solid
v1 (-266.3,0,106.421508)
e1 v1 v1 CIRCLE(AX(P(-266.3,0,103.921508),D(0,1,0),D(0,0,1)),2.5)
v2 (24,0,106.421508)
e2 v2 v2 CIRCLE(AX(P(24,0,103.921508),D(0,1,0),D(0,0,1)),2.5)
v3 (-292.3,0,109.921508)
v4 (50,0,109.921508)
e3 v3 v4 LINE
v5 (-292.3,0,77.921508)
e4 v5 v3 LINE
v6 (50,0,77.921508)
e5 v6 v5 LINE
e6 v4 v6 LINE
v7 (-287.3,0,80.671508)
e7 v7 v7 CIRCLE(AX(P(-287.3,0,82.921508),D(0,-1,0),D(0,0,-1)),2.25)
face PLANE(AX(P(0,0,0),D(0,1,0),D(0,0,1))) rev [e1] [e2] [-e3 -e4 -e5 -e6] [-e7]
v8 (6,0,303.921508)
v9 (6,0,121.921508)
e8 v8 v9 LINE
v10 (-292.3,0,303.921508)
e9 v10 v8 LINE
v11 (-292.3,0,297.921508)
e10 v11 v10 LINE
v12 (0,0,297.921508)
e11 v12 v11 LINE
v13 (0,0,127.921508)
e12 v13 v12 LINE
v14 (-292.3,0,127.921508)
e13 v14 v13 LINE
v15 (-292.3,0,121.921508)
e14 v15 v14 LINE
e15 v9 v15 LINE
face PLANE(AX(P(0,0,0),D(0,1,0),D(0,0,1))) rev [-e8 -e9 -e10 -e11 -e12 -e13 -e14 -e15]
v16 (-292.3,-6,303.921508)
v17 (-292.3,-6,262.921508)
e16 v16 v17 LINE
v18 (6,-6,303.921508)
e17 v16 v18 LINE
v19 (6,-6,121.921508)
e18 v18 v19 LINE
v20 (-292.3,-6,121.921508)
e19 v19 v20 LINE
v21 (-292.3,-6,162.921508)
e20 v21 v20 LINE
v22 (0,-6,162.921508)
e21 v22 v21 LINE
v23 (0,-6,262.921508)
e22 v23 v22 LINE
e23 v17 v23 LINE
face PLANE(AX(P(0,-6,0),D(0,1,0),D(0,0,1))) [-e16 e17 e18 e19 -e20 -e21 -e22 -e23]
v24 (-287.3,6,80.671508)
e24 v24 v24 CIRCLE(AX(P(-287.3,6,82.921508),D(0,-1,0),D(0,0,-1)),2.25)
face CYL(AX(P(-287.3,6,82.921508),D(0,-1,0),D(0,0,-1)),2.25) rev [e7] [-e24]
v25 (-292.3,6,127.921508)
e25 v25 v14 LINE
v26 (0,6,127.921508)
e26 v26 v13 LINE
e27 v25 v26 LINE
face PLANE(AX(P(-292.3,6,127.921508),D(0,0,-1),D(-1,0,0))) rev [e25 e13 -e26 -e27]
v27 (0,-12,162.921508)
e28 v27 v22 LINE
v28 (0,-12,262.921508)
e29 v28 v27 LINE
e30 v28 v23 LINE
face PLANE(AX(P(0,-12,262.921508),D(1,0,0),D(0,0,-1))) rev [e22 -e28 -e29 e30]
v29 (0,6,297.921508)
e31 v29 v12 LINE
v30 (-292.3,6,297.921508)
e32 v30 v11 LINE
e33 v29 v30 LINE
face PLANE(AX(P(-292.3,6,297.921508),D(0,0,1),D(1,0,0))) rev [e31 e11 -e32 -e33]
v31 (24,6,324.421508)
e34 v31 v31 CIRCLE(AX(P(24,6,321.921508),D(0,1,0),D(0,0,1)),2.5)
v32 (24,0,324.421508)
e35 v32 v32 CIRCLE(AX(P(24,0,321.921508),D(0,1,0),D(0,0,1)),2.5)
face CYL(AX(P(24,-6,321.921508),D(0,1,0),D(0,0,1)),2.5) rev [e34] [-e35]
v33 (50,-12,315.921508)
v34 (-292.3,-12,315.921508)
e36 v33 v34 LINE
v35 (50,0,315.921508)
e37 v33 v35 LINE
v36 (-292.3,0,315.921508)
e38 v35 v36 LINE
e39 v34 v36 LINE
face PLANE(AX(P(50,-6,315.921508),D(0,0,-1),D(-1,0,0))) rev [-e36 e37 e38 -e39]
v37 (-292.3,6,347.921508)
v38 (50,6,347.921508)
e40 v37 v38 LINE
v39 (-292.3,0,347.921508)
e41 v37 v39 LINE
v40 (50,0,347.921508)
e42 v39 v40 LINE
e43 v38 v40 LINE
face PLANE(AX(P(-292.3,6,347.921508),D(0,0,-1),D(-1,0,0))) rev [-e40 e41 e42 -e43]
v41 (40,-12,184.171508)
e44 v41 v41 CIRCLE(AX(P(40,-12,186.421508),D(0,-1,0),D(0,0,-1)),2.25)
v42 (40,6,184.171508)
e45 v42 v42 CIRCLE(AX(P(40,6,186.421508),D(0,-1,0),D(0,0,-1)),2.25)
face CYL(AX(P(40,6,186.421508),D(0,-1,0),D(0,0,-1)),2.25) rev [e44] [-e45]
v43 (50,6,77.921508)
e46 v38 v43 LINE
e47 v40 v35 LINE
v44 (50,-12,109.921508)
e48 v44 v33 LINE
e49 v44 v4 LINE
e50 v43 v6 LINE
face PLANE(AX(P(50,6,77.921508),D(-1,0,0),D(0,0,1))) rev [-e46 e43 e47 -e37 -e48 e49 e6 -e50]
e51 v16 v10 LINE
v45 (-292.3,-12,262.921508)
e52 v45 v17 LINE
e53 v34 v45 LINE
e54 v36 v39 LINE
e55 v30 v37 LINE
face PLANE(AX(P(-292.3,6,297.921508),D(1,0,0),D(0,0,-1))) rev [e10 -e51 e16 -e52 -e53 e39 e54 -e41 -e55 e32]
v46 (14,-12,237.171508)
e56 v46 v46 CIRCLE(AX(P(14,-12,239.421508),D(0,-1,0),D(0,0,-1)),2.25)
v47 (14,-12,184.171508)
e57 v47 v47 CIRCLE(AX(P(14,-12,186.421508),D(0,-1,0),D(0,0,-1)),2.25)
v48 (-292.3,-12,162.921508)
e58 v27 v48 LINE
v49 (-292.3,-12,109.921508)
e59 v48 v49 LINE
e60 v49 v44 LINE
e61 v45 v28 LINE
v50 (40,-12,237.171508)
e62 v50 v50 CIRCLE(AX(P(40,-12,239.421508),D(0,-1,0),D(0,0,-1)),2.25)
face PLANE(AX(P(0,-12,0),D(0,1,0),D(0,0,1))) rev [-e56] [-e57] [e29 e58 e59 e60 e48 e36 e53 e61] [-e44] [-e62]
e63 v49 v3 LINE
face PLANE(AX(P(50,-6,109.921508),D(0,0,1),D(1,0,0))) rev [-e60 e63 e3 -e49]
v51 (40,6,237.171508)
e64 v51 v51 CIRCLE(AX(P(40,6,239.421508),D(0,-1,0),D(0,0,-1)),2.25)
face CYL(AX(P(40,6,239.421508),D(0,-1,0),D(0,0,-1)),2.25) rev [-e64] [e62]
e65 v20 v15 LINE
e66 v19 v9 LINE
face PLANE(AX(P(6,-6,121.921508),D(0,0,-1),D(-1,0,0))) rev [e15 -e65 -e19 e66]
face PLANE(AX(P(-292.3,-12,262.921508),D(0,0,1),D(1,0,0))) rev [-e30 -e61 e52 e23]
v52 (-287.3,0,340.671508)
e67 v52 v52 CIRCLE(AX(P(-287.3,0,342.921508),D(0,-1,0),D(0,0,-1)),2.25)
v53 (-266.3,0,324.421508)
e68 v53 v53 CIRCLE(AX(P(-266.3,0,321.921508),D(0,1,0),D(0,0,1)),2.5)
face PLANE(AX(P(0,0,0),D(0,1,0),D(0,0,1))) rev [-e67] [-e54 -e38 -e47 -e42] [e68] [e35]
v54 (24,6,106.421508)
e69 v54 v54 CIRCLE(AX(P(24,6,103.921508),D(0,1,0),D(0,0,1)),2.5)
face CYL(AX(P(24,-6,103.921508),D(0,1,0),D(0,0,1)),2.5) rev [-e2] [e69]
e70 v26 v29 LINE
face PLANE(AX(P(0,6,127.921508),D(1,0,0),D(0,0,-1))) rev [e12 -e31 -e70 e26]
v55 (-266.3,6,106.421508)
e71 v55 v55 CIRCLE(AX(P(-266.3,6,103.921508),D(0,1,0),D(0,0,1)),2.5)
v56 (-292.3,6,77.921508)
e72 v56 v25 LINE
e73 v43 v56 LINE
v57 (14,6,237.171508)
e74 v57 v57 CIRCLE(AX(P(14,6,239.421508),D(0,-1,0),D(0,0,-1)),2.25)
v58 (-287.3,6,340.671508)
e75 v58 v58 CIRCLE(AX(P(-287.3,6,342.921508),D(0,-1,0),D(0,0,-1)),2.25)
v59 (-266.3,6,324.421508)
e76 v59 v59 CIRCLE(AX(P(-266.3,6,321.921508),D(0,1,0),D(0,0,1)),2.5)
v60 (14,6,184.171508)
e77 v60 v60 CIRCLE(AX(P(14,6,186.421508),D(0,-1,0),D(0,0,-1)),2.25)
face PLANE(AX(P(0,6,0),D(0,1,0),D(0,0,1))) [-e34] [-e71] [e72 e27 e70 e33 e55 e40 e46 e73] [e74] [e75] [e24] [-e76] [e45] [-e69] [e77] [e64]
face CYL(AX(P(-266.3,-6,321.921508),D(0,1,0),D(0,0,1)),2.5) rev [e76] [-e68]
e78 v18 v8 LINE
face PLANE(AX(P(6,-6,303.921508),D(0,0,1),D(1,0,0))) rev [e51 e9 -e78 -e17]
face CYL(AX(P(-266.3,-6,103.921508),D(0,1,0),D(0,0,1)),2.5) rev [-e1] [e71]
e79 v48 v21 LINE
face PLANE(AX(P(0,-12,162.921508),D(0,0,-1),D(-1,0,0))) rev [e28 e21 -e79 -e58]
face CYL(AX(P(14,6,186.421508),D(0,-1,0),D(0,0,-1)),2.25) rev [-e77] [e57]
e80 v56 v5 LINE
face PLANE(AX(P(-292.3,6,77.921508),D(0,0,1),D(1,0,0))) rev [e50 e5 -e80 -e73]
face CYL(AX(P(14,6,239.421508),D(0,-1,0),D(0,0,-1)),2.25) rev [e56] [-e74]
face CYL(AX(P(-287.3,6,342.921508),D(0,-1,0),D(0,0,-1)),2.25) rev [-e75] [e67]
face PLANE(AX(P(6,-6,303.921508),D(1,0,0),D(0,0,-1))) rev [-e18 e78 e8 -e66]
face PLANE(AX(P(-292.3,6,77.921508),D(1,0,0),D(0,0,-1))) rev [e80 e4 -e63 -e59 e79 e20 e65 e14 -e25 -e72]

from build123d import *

# Parameters (mm, degrees)
EXTRUDE_2_DEPTH             = 6
EXTRUDE_3_DEPTH             = 6
SKETCH_4_R                  = 2.5
CUT_EXTRUDE_1_DEPTH         = 455.56865906
PATTERN_LINEAR_2_COUNT      = 2
PATTERN_LINEAR_2_PITCH      = 290.3
PATTERN_LINEAR_2_COUNT_DIR2 = 2
PATTERN_LINEAR_2_PITCH_DIR2 = 218
EXTRUDE_4_DEPTH             = 6
SKETCH_6_R                  = 2.25
CUT_EXTRUDE_2_DEPTH         = 455.766605854
SKETCH_7_R                  = 2.25
CUT_EXTRUDE_3_DEPTH         = 455.56865906


with BuildPart() as part:
    # Эскиз1 → Бобышка-Вытянуть2 (new body)
    with BuildSketch(Plane(origin=(0, 0, 0), x_dir=(1, 0, 0), z_dir=(0, 1, 0))):
        Polygon((50, -77.921508101), (50, -347.921508101), (-292.3, -347.921508101), (-292.3, -297.921508101), (0, -297.921508101), (0, -127.921508101), (-292.3, -127.921508101), (-292.3, -77.921508101), align=None)
    extrude(amount=EXTRUDE_2_DEPTH)

    # Эскиз2 → Бобышка-Вытянуть3 (add)
    with BuildSketch(Plane.XZ):
        Polygon((50, 315.921508101), (50, 109.921508101), (-292.3, 109.921508101), (-292.3, 121.921508101), (6, 121.921508101), (6, 303.921508101), (-292.3, 303.921508101), (-292.3, 315.921508101), align=None)
    extrude(amount=EXTRUDE_3_DEPTH)

    # Эскиз4 → Вырез-Вытянуть1 (cut, through all)
    with BuildSketch(Plane(origin=(0, 6, 0), x_dir=(1, 0, 0), z_dir=(0, 1, 0))):
        with Locations(Location((-266.3, -103.921508101, 0), (0, 0, 270))):
            Circle(SKETCH_4_R)
    cut_extrude_1 = extrude(amount=-CUT_EXTRUDE_1_DEPTH, mode=Mode.SUBTRACT)

    # Линейный массив2: Cut-Extrude 1 2 × 2
    with Locations(*[(i * PATTERN_LINEAR_2_PITCH, 0, j * PATTERN_LINEAR_2_PITCH_DIR2) for i in range(PATTERN_LINEAR_2_COUNT) for j in range(PATTERN_LINEAR_2_COUNT_DIR2) if (i, j) != (0, 0)]):
        add(cut_extrude_1, mode=Mode.SUBTRACT)

    # Эскиз5 → Бобышка-Вытянуть4 (add)
    with BuildSketch(Plane.XZ.offset(6)):
        Polygon((50, 315.921508101), (-292.3, 315.921508101), (-292.3, 262.921508101), (0, 262.921508101), (0, 162.921508101), (-292.3, 162.921508101), (-292.3, 109.921508101), (50, 109.921508101), align=None)
    extrude(amount=EXTRUDE_4_DEPTH)

    # Эскиз6 → Вырез-Вытянуть2 (cut, through all)
    with BuildSketch(Plane.XZ.offset(12)):
        with Locations(Location((14, 239.421508101, 0), (0, 0, 270))):
            Circle(SKETCH_6_R)
        with Locations(Location((40, 239.421508101, 0), (0, 0, 270))):
            Circle(SKETCH_6_R)
        with Locations(Location((40, 186.421508101, 0), (0, 0, 270))):
            Circle(SKETCH_6_R)
        with Locations(Location((14, 186.421508101, 0), (0, 0, 270))):
            Circle(SKETCH_6_R)
    extrude(amount=-CUT_EXTRUDE_2_DEPTH, mode=Mode.SUBTRACT)

    # Эскиз7 → Вырез-Вытянуть3 (cut, through all)
    with BuildSketch(Plane.XZ):
        with Locations(Location((-287.3, 342.921508101, 0), (0, 0, 270))):
            Circle(SKETCH_7_R)
        with Locations(Location((-287.3, 82.921508101, 0), (0, 0, 270))):
            Circle(SKETCH_7_R)
    extrude(amount=-CUT_EXTRUDE_3_DEPTH, mode=Mode.SUBTRACT)


solid = part.part
